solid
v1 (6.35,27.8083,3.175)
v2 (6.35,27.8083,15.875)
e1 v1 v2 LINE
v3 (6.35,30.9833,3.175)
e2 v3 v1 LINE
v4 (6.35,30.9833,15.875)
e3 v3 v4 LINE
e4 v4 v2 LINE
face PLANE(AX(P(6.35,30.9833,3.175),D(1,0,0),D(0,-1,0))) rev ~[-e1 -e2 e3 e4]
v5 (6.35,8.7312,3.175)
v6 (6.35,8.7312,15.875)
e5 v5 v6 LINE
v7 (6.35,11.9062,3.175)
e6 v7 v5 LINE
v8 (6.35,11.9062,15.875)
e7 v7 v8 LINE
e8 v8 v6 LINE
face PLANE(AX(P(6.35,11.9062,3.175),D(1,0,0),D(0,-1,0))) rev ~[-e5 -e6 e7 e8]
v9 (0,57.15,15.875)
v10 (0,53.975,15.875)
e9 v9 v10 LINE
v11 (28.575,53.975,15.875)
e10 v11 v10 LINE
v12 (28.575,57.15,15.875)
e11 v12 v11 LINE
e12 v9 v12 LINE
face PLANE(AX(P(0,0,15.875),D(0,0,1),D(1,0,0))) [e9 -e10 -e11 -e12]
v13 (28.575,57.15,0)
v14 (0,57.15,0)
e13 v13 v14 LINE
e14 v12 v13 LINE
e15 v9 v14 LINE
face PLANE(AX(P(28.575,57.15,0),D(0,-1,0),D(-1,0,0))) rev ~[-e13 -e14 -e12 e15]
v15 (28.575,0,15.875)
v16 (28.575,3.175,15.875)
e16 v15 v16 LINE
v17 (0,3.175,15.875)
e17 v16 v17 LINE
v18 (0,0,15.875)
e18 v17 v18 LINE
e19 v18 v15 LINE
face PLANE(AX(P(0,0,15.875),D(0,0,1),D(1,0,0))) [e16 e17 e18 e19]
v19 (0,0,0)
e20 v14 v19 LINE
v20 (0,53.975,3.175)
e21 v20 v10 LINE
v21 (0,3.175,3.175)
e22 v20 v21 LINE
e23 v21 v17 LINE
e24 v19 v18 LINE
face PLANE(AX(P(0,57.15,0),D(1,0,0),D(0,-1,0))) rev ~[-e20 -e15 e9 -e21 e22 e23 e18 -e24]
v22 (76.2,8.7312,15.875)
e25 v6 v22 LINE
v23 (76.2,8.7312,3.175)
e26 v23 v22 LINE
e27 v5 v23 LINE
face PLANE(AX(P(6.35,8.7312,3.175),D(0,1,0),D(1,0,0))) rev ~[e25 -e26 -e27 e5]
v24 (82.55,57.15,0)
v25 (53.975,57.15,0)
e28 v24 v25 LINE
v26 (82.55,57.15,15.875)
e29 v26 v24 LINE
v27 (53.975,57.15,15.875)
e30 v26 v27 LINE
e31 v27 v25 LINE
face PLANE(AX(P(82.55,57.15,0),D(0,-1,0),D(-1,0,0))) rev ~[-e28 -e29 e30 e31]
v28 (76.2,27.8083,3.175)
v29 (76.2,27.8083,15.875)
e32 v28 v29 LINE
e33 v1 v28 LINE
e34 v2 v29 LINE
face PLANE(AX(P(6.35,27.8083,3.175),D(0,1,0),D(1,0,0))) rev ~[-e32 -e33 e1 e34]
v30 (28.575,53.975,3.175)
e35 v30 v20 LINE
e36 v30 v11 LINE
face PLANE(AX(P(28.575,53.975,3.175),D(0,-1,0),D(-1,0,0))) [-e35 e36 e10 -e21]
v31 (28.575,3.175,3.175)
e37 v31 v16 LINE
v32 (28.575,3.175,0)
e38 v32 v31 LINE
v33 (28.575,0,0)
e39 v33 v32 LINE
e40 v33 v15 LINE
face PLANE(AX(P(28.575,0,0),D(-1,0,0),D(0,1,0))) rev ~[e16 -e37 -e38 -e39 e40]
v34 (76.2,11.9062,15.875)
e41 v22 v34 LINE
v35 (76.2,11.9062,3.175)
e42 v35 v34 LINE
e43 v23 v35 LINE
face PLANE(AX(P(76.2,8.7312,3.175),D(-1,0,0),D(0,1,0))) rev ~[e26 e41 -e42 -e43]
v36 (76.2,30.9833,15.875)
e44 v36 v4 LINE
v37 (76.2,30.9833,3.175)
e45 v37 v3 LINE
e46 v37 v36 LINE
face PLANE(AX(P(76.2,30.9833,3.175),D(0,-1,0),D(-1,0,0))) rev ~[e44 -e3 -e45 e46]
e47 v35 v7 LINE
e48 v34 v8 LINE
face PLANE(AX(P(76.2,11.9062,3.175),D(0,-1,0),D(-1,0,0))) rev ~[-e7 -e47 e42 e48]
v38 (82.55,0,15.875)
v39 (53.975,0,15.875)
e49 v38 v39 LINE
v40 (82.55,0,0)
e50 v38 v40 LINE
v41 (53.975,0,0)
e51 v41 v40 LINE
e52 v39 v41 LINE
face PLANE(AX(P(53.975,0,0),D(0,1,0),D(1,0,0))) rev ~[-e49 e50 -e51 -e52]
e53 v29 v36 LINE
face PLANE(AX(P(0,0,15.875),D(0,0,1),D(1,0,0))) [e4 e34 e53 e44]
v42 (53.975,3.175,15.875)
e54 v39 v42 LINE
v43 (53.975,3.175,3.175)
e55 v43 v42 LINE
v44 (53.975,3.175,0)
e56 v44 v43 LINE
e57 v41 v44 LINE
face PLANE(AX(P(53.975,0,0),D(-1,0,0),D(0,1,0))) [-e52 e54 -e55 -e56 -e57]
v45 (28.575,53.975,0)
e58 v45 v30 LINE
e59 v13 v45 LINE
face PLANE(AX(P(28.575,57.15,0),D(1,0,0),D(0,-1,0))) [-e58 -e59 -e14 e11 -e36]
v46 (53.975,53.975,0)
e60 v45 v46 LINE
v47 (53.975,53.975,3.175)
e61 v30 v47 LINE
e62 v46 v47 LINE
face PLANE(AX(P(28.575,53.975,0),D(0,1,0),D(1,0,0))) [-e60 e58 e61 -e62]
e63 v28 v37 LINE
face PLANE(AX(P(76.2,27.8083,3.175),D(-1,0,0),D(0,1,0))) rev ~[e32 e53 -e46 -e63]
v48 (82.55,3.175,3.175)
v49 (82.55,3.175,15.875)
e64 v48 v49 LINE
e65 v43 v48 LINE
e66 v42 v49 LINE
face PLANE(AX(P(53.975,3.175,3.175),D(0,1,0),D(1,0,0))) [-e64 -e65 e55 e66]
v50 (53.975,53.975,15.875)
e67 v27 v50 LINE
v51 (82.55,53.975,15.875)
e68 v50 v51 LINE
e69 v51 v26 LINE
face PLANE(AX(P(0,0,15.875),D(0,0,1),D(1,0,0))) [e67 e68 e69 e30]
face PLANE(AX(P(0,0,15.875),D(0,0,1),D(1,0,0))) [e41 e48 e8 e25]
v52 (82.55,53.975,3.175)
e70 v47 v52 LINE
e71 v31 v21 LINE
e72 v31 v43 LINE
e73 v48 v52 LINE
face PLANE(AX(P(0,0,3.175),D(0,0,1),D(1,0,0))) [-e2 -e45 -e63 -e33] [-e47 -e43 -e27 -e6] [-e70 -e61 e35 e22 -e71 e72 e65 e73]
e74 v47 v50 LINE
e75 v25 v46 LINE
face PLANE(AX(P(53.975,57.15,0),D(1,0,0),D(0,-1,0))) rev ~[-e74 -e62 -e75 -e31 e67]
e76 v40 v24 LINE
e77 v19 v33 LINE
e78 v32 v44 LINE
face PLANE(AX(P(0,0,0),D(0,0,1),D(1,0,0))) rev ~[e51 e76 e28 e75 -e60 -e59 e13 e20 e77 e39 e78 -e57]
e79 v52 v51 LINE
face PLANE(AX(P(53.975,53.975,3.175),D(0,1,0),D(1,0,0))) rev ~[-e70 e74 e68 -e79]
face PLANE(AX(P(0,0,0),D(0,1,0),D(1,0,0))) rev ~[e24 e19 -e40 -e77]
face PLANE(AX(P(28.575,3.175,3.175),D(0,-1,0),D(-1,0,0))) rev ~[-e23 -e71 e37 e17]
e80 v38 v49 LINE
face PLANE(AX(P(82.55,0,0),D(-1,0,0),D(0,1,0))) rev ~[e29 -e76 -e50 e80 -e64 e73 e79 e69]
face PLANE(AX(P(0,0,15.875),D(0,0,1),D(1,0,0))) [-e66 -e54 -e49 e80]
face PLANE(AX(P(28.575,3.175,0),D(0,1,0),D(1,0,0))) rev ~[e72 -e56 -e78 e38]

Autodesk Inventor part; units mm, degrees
ref_plane "YZ Plane" through (0, 0, 0) normal (1, 0, 0) x (0, 1, 0)
ref_plane "XZ Plane" through (0, 0, 0) normal (0, 1, 0) x (-1, 0, 0)
ref_plane "XY Plane" through (0, 0, 0) normal (0, 0, 1) x (1, 0, 0)
sketch "Sketch1" plane through (0, 0, 0) normal (0, 0, 1) x (1, 0, 0)
  line L0 (0, 0) -> (28.575, 0)
  line L1 (82.55, 0) -> (82.55, 57.15)
  line L2 (82.55, 57.15) -> (53.975, 57.15)
  line L3 (0, 57.15) -> (0, 0)
  line L4 (0, 53.975) -> (28.575, 53.975) construction
  line L5 (28.575, 57.15) -> (28.575, 53.975)
  line L6 (53.975, 57.15) -> (53.975, 53.975)
  line L7 (53.975, 53.975) -> (82.55, 53.975) construction
  line L8 (28.575, 53.975) -> (53.975, 53.975)
  line L9 (53.975, 57.15) -> (28.575, 57.15) construction
  line L10 (28.575, 57.15) -> (0, 57.15)
  line L11 (0, 3.175) -> (28.575, 3.175) construction
  line L12 (53.975, 0) -> (53.975, 3.175)
  line L13 (28.575, 0) -> (28.575, 3.175)
  line L14 (28.575, 0) -> (53.975, 0) construction
  line L15 (53.975, 0) -> (82.55, 0)
  line L16 (53.975, 3.175) -> (82.55, 3.175) construction
  line L17 (28.575, 3.175) -> (53.975, 3.175)
  dimension "d0" = 82.55
  dimension "d1" = 57.15
  dimension "d2" = 28.575
  dimension "d3" = 25.4
  dimension "d4" = 3.175
  dimension "d5" = 3.175
  dimension "d6" = 28.575
  dimension "d7" = 25.4
extrude "Extrusion1" add sketch "Sketch1" along normal blind 3.175
sketch "Sketch4" plane through (0, 0, 3.175) normal (0, 0, 1) x (1, 0, 0)
  line L0 (82.55, 0) -> (82.55, 57.15) projected
  line L1 (53.975, 53.975) -> (28.575, 53.975) projected
  line L2 (0, 57.15) -> (0, 0) projected
  line L3 (28.575, 3.175) -> (53.975, 3.175) projected
  line L4 (28.575, 3.175) -> (0, 3.175)
  line L5 (0, 3.175) -> (0, 0)
  line L6 (0, 0) -> (28.575, 0)
  line L7 (28.575, 0) -> (28.575, 3.175)
  line L8 (53.975, 3.175) -> (82.55, 3.175)
  line L9 (82.55, 3.175) -> (82.55, 0)
  line L10 (82.55, 0) -> (53.975, 0)
  line L11 (53.975, 0) -> (53.975, 3.175)
  line L12 (53.975, 53.975) -> (82.55, 53.975)
  line L13 (82.55, 53.975) -> (82.55, 57.15)
  line L14 (82.55, 57.15) -> (53.975, 57.15)
  line L15 (53.975, 57.15) -> (53.975, 53.975)
  line L16 (28.575, 53.975) -> (0, 53.975)
  line L17 (0, 53.975) -> (0, 57.15)
  line L18 (0, 57.15) -> (28.575, 57.15)
  line L19 (28.575, 57.15) -> (28.575, 53.975)
  line L20 (0, 28.575) -> (82.55, 28.575) construction
  line L21 (41.275, 53.975) -> (41.275, 3.175) construction
  line L22 (23.775, 47.2281) -> (58.775, 47.2281) construction
  line L23 (58.775, 47.2281) -> (58.775, 9.9219) construction
  line L24 (58.775, 9.9219) -> (23.775, 9.9219) construction
  line L25 (23.775, 9.9219) -> (23.775, 47.2281) construction
  line L26 (0, 27.3573) -> (82.55, 27.3573) construction
  line L27 (82.55, 12.3573) -> (0, 12.3573) construction
  line L28 (6.35, 8.7312) -> (76.2, 8.7312)
  line L29 (76.2, 8.7312) -> (76.2, 11.9062)
  line L30 (76.2, 11.9062) -> (6.35, 11.9062)
  line L31 (6.35, 11.9062) -> (6.35, 8.7312)
  line L32 (0, 19.8573) -> (82.55, 19.8573) construction
  line L33 (76.2, 27.8083) -> (76.2, 30.9833)
  line L34 (76.2, 30.9833) -> (6.35, 30.9833)
  line L35 (6.35, 30.9833) -> (6.35, 27.8083)
  line L36 (6.35, 27.8083) -> (76.2, 27.8083)
  dimension "d39" = 35
  dimension "d40" = 37.3062
  dimension "d41" = 15
  dimension "d42" = 2.4354
  dimension "d43" = 69.85
  dimension "d44" = 3.175
  dimension "d45" = 5.5563
  dimension "d46" = 0.451
  dimension "d47" = 69.85
extrude "Extrusion4" add sketch "Sketch4" along normal blind 12.7 contours L10 L11 L8 L0 | L12 L15 L14 L0 | L7 L6 L2 L4 | L16 L2 L18 L19 | L31 L30 L29 L28 | L36 L35 L34 L33
equation "\"d2\" = -0.5 * d3 + 0.5 * d0"
equation "\"d6\" = d2"
equation "\"d7\" = d3"
equation "\"d42\" = -0.666667 * d41 + 0.333333 * d40"
equation "\"d43\" = d47"
properties part number "Belt Aligners" material "Polyethylene, High Density"
